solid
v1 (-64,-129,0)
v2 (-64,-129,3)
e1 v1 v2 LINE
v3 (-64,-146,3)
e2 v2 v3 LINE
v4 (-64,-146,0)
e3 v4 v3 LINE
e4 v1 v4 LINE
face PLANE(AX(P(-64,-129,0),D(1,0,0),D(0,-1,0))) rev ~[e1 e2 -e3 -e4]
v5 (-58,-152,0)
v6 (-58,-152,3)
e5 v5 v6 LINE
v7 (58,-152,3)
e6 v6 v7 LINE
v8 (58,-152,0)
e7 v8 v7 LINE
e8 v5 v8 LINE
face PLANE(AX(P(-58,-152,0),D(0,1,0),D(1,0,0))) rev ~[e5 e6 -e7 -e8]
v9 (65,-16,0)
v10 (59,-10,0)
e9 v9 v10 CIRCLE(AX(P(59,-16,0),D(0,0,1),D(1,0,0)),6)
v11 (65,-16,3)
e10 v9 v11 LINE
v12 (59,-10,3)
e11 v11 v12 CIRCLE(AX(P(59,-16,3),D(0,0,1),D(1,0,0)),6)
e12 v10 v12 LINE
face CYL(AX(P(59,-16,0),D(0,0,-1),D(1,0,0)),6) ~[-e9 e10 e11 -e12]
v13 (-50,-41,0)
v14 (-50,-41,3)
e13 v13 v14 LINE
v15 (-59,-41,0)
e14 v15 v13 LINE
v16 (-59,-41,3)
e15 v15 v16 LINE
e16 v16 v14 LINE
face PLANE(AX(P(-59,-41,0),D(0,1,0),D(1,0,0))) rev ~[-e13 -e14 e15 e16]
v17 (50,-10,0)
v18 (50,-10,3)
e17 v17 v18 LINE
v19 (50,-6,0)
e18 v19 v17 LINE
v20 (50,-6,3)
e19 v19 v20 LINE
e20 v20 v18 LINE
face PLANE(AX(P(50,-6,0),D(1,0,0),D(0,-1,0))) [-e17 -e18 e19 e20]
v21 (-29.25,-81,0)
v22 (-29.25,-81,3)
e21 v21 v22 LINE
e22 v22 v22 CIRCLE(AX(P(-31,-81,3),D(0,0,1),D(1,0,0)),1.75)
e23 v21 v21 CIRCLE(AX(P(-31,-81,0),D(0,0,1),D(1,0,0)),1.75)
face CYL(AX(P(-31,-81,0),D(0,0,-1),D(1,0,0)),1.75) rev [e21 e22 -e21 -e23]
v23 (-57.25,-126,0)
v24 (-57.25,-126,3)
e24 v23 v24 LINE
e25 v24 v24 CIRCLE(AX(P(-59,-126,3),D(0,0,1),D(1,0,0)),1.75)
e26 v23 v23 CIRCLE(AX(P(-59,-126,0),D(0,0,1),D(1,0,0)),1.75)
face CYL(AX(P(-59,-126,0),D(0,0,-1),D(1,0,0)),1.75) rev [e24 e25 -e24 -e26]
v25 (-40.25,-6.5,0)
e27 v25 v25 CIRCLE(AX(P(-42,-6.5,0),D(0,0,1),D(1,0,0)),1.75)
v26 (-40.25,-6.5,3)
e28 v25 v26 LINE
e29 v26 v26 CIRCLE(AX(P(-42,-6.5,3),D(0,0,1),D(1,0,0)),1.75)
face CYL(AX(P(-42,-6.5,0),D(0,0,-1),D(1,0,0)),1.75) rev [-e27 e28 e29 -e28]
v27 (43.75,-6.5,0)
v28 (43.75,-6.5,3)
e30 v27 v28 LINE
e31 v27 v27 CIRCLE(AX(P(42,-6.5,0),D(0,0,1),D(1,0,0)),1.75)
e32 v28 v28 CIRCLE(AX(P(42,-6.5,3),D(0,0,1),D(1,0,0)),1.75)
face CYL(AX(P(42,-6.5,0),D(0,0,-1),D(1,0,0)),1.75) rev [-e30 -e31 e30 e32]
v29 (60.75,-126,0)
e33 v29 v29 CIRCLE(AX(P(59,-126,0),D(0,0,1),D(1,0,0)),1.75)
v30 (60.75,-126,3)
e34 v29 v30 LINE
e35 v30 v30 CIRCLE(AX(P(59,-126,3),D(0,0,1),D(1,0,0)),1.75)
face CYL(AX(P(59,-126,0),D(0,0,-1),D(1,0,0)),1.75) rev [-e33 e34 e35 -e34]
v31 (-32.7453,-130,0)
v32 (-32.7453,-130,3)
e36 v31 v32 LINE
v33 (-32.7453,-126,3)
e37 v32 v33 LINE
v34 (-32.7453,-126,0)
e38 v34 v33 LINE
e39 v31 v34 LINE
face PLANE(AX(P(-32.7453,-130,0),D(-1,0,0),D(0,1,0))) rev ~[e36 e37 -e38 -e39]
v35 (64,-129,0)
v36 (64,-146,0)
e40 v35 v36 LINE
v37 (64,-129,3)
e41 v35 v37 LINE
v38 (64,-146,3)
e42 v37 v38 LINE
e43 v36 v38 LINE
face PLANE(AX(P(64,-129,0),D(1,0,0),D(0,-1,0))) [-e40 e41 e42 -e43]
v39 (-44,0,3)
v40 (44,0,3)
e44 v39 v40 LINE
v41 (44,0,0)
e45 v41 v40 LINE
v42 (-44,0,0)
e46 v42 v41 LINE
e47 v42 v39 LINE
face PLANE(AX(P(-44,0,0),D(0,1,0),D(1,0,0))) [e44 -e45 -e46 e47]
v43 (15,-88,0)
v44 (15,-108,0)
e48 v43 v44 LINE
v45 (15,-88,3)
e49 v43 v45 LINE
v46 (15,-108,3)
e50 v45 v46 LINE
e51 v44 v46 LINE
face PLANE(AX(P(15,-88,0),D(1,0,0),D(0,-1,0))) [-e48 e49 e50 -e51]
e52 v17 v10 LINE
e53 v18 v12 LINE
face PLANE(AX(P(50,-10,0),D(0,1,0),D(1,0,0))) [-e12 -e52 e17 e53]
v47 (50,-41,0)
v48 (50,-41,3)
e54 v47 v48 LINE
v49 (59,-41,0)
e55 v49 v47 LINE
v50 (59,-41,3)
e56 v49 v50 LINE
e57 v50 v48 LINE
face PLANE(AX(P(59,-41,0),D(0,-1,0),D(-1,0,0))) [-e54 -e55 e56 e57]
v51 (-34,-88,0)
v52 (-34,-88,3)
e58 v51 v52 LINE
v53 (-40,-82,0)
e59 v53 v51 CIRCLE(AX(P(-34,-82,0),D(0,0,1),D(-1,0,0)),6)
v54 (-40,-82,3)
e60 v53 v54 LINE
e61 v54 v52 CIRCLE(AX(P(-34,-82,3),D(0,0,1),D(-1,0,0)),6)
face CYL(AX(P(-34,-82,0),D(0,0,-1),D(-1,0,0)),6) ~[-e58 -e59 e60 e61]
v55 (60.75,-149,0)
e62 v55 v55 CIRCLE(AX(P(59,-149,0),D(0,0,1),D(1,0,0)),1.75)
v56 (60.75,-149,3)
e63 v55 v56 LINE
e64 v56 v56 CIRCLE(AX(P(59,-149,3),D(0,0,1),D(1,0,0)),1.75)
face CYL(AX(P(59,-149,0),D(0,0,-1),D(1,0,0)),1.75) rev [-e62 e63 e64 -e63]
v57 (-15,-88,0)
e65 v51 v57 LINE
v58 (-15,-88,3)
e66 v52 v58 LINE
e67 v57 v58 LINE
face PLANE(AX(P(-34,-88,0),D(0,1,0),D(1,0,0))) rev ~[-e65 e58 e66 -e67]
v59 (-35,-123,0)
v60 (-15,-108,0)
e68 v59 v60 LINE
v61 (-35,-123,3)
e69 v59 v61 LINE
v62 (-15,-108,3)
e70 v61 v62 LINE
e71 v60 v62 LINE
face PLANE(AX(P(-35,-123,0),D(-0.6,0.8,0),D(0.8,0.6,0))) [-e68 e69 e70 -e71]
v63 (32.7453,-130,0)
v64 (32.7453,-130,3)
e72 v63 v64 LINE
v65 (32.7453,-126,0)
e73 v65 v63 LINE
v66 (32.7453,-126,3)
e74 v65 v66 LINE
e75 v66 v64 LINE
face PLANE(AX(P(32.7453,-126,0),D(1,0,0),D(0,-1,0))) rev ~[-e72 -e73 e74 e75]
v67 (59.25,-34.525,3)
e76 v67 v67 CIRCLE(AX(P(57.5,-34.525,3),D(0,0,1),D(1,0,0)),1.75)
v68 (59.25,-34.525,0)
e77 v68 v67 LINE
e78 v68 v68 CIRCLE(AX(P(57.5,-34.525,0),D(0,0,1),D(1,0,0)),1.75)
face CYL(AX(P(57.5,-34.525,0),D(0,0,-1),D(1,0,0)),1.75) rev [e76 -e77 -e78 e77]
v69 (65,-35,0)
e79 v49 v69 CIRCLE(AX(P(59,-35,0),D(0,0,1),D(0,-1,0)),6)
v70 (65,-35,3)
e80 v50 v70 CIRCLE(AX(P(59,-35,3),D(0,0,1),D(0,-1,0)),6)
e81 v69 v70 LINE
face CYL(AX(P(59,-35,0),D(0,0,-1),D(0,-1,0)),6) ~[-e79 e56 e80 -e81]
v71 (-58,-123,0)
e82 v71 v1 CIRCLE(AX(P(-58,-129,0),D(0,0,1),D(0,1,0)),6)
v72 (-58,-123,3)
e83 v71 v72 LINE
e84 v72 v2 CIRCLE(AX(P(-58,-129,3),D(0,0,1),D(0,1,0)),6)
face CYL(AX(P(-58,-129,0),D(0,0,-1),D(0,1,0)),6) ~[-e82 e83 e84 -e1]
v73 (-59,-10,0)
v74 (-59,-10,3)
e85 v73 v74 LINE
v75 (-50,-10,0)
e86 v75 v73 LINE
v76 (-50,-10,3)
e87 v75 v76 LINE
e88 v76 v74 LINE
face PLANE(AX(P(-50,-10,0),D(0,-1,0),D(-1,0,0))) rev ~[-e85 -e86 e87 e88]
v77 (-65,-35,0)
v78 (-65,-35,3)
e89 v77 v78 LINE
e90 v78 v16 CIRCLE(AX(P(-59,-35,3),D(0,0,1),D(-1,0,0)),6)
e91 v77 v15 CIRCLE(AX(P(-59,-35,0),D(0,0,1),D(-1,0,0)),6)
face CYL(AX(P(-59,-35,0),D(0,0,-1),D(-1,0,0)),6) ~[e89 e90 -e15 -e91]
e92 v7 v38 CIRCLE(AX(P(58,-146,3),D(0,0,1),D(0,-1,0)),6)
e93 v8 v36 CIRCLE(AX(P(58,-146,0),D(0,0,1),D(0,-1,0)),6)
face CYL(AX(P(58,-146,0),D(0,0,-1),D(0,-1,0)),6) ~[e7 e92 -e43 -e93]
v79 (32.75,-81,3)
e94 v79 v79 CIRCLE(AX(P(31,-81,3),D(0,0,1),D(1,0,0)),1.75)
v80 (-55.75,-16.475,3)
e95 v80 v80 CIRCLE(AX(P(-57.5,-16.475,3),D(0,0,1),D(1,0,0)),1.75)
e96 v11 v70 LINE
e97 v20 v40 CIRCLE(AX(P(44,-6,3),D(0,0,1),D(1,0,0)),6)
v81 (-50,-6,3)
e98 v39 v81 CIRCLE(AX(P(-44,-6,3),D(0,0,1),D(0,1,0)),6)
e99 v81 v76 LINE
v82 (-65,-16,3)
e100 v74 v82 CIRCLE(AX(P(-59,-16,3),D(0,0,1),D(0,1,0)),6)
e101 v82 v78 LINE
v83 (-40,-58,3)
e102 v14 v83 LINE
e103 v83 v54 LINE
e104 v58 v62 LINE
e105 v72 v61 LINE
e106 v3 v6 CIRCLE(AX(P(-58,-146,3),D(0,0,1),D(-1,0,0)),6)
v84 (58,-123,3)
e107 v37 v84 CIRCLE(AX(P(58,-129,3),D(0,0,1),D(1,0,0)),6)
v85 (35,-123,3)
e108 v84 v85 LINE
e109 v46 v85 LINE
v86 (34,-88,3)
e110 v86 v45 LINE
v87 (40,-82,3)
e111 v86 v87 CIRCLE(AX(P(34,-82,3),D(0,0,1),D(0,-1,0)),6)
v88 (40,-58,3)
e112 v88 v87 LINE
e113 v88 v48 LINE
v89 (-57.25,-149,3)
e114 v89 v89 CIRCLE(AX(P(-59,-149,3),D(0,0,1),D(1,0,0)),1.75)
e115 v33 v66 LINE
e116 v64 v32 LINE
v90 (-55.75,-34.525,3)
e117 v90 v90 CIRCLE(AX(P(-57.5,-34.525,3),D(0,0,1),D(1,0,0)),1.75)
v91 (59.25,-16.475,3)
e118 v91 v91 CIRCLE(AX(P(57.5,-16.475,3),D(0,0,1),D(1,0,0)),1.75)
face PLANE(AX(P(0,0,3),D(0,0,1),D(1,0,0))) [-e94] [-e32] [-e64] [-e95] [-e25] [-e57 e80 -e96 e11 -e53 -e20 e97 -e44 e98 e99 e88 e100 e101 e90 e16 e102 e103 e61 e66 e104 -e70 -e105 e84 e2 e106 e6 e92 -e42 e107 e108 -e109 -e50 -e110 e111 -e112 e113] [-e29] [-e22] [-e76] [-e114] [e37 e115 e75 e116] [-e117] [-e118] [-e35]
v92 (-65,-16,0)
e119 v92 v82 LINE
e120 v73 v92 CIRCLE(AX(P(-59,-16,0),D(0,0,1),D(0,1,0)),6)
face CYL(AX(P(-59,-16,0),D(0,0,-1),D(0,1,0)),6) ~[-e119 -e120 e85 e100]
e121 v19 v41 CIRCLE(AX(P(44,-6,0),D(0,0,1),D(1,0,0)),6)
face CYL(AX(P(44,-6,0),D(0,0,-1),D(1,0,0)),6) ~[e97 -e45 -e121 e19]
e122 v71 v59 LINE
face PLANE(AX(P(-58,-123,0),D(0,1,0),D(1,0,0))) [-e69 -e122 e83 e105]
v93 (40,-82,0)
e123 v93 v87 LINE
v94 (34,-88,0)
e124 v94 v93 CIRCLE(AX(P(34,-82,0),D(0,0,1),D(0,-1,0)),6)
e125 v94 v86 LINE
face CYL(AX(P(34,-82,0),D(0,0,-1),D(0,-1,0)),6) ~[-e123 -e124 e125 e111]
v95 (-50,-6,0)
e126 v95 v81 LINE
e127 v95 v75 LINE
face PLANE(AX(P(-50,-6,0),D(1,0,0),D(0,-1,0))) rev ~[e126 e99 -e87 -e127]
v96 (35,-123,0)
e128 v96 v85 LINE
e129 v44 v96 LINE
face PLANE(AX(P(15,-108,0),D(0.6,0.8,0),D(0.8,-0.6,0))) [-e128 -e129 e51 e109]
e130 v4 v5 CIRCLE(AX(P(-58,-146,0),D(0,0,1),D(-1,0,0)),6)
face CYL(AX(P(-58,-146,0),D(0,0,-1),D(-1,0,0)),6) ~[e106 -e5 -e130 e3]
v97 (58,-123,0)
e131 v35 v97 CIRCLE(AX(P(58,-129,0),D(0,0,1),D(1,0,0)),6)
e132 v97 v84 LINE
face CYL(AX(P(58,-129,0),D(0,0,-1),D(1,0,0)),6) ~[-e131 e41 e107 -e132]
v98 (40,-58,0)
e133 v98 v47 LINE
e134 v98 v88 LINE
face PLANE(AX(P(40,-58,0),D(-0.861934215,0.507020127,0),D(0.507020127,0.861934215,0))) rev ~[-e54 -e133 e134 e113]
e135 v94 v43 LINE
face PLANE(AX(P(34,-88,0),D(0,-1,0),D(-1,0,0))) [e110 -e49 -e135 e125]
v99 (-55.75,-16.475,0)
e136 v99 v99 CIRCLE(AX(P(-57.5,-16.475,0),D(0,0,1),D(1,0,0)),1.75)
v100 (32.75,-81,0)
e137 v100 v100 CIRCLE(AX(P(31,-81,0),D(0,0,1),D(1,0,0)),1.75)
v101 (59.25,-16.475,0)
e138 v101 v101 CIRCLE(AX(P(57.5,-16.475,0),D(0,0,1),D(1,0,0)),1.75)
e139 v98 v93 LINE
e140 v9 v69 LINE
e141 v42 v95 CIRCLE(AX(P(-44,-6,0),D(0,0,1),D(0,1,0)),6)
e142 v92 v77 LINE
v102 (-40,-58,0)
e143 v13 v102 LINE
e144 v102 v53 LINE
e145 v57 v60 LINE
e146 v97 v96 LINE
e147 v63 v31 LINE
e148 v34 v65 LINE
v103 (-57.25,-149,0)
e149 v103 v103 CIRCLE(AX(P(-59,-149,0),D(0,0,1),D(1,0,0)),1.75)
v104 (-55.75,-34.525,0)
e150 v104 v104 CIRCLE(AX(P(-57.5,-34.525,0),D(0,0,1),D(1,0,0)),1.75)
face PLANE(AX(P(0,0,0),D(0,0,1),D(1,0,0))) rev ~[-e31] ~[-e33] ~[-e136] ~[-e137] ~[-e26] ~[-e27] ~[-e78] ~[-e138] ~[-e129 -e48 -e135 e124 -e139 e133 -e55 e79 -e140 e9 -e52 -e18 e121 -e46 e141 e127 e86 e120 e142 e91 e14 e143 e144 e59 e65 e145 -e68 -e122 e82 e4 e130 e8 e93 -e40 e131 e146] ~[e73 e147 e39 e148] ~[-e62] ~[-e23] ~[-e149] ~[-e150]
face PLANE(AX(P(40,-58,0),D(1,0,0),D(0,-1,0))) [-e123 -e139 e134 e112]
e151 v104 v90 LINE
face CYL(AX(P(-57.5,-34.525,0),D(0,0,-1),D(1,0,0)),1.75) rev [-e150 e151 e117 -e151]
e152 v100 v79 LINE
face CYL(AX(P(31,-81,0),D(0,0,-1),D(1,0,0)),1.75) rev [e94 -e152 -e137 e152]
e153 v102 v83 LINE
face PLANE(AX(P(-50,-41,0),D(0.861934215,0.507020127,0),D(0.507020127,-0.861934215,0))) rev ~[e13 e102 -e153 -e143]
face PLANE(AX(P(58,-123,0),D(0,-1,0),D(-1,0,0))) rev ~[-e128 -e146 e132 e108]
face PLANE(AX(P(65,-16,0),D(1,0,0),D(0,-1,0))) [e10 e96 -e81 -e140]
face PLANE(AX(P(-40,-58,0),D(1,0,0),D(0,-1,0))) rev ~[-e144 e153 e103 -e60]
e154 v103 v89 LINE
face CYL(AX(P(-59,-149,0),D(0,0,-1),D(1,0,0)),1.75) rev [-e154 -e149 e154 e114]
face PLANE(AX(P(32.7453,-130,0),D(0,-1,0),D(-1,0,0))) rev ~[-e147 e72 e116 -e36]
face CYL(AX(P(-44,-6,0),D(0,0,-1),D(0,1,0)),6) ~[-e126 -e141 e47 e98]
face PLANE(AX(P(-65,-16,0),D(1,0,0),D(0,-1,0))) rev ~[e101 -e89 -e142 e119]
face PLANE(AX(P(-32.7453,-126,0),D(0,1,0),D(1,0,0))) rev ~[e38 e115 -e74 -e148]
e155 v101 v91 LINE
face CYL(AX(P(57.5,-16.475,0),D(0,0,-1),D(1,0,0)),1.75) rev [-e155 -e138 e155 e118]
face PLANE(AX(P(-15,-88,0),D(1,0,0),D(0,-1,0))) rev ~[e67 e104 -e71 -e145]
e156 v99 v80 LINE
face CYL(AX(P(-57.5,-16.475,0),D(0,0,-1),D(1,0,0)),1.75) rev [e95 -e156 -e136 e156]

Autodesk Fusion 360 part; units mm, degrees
sketch "Sketch1" plane through (0, 0, 0) normal (0, 0, 1) x (1, 0, 0)
  line L0 (-44, 0) -> (44, 0)
  line L1 (-50, -6) -> (-50, -10)
  line L2 (50, -6) -> (50, -10)
  line L3 (-50, -10) -> (-59, -10)
  line L4 (50, -10) -> (59, -10)
  line L5 (-65, -16) -> (-65, -35)
  line L6 (65, -16) -> (65, -35)
  line L7 (-59, -41) -> (-50, -41)
  line L8 (59, -41) -> (50, -41)
  line L9 (40, -58) -> (50, -41)
  line L10 (-50, -41) -> (-40, -58)
  circle A0 centre (57.5, -34.525) radius 1.75
  circle A1 centre (57.5, -16.475) radius 1.75
  circle A2 centre (-57.5, -16.475) radius 1.75
  circle A3 centre (-57.5, -34.525) radius 1.75
  line L11 (-40, -58) -> (-40, -82)
  line L12 (40, -58) -> (40, -82)
  line L13 (-34, -88) -> (-15, -88)
  line L14 (34, -88) -> (15, -88)
  line L15 (-15, -88) -> (-15, -108)
  line L16 (15, -88) -> (15, -108)
  line L17 (-15, -108) -> (-15, -123) construction
  arc A4 (-44, 0) -> (-50, -6) centre (-44, -6) ccw
  arc A5 (50, -6) -> (44, 0) centre (44, -6) ccw
  arc A6 (-40, -82) -> (-34, -88) centre (-34, -82) ccw
  arc A7 (34, -88) -> (40, -82) centre (34, -82) ccw
  arc A8 (-59, -10) -> (-65, -16) centre (-59, -16) ccw
  arc A9 (-65, -35) -> (-59, -41) centre (-59, -35) ccw
  arc A10 (59, -41) -> (65, -35) centre (59, -35) ccw
  line L18 (-64, -129) -> (-64, -146)
  line L19 (64, -129) -> (64, -146)
  line L20 (-58, -152) -> (58, -152)
  line L21 (64, -126) -> (59, -126) construction
  line L22 (59, -126) -> (59, -123) construction
  circle A11 centre (59, -126) radius 1.75
  line L23 (59, -152) -> (59, -149) construction
  line L24 (59, -149) -> (64, -149) construction
  circle A12 centre (59, -149) radius 1.75
  line L25 (-64, -149) -> (-59, -149) construction
  line L26 (-59, -149) -> (-59, -152) construction
  circle A13 centre (-59, -149) radius 1.75
  line L27 (-59, -123) -> (-59, -126) construction
  line L28 (-64, -126) -> (-59, -126) construction
  circle A14 centre (-59, -126) radius 1.75
  line L29 (-58, -123) -> (-35, -123)
  line L30 (58, -123) -> (35, -123)
  line L31 (-35, -123) -> (-15, -108)
  line L32 (15, -108) -> (35, -123)
  circle A15 centre (-42, -6.5) radius 1.75
  circle A16 centre (42, -6.5) radius 1.75
  line L33 (-39.875, -81) -> (-31, -81) construction
  circle A17 centre (-31, -81) radius 1.75
  circle A18 centre (31, -81) radius 1.75
  arc A19 (65, -16) -> (59, -10) centre (59, -16) ccw
  arc A20 (-58, -123) -> (-64, -129) centre (-58, -129) ccw
  arc A21 (-64, -146) -> (-58, -152) centre (-58, -146) ccw
  arc A22 (64, -129) -> (58, -123) centre (58, -129) ccw
  arc A23 (58, -152) -> (64, -146) centre (58, -146) ccw
  line L34 (-35.1953, -126) -> (-32.7453, -126) construction
  line L35 (35, -126) -> (32.55, -126) construction
  line L36 (-32.7453, -126) -> (32.7453, -126)
  line L37 (32.7453, -126) -> (32.7453, -130)
  line L38 (32.7453, -130) -> (-32.7453, -130)
  line L39 (-32.7453, -130) -> (-32.7453, -126)
  point P0 (-50, 0)
  point P1 (50, 0)
  point P2 (-65, -10)
  point P3 (65, -10)
  point P4 (-65, -41)
  point P5 (65, -41)
  point P6 (-40, -88)
  point P7 (40, -88)
  point P8 (-64, -123)
  point P9 (64, -123)
  point P10 (-64, -152)
  point P11 (64, -152)
  dimension "d103" = 19
  dimension "d104" = 19
  dimension "d105" = 88
  dimension "d106" = 24
  dimension "d107" = 24
  dimension "d108" = 18.05
  dimension "d109" = 19
  dimension "d110" = 65.4906
  dimension "d111" = 4
  dimension "d112" = 23
  dimension "d113" = 25
  dimension "d114" = 116
  dimension "d115" = 17
  dimension "d116" = 19.7231
extrude "Extrude1" add sketch "Sketch1" along normal blind 3
